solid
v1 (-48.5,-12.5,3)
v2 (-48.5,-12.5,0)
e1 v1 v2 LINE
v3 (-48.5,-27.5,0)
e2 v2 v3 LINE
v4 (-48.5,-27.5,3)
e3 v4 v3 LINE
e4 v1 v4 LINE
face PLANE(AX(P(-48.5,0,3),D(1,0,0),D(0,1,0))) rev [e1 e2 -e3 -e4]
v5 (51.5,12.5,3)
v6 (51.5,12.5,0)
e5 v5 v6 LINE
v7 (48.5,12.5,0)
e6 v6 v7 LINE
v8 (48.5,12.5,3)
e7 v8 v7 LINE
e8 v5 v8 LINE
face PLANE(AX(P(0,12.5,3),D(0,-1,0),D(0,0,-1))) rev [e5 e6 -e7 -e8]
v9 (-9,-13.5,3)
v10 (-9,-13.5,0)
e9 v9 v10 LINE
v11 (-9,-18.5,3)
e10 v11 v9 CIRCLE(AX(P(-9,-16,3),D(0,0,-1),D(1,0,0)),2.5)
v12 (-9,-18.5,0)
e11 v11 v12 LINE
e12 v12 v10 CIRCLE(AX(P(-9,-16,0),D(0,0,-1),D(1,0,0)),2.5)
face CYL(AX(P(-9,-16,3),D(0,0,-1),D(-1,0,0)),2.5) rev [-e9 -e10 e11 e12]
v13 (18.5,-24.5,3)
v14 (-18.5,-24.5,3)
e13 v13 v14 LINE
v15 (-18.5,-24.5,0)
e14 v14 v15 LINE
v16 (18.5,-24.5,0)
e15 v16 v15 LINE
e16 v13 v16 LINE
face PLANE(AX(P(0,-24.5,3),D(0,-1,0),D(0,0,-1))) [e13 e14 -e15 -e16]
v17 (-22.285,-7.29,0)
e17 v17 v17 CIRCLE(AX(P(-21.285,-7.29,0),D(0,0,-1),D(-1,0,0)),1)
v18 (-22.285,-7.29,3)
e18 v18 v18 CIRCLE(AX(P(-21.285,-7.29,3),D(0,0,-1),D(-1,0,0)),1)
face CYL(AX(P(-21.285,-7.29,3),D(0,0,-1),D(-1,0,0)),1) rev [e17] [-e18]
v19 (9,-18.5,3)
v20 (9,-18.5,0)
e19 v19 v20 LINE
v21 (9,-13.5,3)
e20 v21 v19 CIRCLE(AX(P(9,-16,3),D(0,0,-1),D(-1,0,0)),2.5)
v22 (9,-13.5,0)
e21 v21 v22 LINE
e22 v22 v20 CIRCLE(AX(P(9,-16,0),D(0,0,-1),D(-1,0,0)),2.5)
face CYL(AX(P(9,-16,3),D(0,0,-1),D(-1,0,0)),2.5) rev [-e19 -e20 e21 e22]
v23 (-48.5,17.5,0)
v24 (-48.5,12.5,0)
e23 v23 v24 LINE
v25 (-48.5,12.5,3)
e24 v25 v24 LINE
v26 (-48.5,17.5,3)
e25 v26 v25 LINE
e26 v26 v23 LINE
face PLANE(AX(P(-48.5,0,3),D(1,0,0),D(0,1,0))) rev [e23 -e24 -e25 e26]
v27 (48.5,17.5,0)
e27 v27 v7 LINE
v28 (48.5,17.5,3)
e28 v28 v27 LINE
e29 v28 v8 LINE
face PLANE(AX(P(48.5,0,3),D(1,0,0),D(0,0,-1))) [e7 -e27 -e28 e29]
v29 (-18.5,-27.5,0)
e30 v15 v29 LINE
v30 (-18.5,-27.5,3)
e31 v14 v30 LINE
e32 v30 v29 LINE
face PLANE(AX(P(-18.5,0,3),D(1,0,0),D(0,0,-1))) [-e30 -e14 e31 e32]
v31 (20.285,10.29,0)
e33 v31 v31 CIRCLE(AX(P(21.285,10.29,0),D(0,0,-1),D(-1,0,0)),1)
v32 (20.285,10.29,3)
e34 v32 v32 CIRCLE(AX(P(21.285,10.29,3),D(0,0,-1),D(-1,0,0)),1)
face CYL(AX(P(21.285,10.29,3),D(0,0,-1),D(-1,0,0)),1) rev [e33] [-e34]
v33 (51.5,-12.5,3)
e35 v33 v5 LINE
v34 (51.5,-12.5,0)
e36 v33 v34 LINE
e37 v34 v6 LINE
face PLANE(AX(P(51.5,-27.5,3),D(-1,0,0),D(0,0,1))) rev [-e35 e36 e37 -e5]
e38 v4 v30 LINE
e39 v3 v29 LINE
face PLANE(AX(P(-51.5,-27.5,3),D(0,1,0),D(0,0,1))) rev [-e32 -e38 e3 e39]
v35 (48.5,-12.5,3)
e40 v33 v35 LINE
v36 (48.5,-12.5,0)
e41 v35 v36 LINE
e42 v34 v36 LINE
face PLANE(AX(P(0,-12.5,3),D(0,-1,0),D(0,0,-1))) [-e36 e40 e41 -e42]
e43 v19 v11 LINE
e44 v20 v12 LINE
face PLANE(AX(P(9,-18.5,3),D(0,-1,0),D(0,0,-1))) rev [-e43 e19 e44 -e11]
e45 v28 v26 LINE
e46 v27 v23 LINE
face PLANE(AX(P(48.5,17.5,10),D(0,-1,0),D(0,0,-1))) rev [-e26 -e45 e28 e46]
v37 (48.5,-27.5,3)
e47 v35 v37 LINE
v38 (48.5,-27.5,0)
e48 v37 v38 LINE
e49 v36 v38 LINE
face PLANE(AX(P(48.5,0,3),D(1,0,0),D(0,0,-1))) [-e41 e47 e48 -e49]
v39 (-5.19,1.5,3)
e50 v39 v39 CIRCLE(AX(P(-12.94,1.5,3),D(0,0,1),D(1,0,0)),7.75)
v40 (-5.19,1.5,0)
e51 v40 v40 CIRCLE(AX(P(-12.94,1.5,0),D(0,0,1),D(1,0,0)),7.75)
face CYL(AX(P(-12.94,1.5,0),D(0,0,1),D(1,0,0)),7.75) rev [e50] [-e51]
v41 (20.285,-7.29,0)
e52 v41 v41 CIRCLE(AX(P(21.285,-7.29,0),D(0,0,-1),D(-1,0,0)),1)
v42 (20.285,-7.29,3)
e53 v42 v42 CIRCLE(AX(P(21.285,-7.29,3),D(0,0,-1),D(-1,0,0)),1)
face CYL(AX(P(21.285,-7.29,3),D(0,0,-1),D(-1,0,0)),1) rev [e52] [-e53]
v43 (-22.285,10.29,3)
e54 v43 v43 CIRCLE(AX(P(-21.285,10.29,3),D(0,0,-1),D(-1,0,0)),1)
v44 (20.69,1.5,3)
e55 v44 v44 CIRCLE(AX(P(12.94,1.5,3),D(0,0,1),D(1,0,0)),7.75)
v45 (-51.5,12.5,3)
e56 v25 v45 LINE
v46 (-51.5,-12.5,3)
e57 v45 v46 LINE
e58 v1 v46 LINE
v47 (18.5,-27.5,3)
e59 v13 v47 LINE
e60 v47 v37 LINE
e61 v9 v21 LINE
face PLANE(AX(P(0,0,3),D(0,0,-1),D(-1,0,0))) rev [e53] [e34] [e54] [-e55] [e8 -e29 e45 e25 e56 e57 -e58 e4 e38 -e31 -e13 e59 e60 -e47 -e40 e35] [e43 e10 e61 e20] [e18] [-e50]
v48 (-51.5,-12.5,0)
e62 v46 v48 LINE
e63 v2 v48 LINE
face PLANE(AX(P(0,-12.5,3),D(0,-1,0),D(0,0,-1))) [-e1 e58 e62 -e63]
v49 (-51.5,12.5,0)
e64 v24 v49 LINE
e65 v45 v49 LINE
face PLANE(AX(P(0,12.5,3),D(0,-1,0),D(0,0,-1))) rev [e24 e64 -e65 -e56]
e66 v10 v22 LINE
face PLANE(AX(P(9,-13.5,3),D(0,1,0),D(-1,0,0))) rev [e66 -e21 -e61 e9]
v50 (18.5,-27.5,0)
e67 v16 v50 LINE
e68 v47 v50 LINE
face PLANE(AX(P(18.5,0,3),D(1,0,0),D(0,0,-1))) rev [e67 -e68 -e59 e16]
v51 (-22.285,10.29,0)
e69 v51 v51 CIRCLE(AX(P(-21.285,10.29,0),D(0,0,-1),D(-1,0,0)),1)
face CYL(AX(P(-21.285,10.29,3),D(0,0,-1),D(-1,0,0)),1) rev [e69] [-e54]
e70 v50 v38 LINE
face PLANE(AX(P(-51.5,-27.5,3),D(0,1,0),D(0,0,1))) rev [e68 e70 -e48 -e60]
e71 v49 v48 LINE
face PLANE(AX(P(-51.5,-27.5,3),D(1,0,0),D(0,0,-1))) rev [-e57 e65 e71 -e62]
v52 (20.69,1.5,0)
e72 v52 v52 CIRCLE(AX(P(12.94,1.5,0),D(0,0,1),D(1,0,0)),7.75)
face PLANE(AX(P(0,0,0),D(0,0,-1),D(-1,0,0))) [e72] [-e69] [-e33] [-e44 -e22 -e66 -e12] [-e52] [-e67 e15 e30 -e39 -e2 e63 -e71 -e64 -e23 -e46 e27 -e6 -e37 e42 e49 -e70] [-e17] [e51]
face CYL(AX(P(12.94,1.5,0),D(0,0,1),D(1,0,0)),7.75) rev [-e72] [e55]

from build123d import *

# Parameters (mm, degrees)
ESBO_O1_W                = 103
ESBO_O1_H                = 55
RESSALTO_EXTRUS_O1_DEPTH = 3
ESBO_O2_W                = 3
ESBO_O2_H                = 15
CORTE_EXTRUS_O1_DEPTH    = 59.459387612
ESBO_O3_W                = 37
ESBO_O3_H                = 3
CORTE_EXTRUS_O2_DEPTH    = 59.459387612
ESBO_O4_W                = 97
ESBO_O4_H                = 10
CORTE_EXTRUS_O3_DEPTH    = 10
ESBO_O5_R                = 7.75
CORTE_EXTRUS_O4_DEPTH    = 59.459387612
CORTE_EXTRUS_O5_DEPTH    = 59.459387612
ESBO_O10_R               = 1
CORTE_EXTRUS_O6_DEPTH    = 59.459387612


with BuildPart() as part:
    # Esboço1 → Ressalto-extrusão1 (new body)
    with BuildSketch(Plane.XY):
        Rectangle(ESBO_O1_W, ESBO_O1_H)
    extrude(amount=RESSALTO_EXTRUS_O1_DEPTH)

    # Esboço2 → Corte-extrusão1 (cut, through all)
    with BuildSketch(Plane(origin=(0, 0, 0), x_dir=(-1, 0, 0), z_dir=(0, 0, -1))):
        with Locations((-50, 20)):
            Rectangle(ESBO_O2_W, ESBO_O2_H)
        with Locations((-50, -20)):
            Rectangle(ESBO_O2_W, ESBO_O2_H)
        with Locations((50, 20)):
            Rectangle(ESBO_O2_W, ESBO_O2_H)
        with Locations((50, -20)):
            Rectangle(ESBO_O2_W, ESBO_O2_H)
    extrude(amount=-CORTE_EXTRUS_O1_DEPTH, mode=Mode.SUBTRACT)

    # Esboço3 → Corte-extrusão2 (cut, through all)
    with BuildSketch(Plane(origin=(0, 0, 0), x_dir=(-1, 0, 0), z_dir=(0, 0, -1))):
        with Locations((0, -26)):
            Rectangle(ESBO_O3_W, ESBO_O3_H)
    extrude(amount=-CORTE_EXTRUS_O2_DEPTH, mode=Mode.SUBTRACT)

    # Esboço4 → Corte-extrusão3 (cut)
    with BuildSketch(Plane(origin=(0, 0, 0), x_dir=(-1, 0, 0), z_dir=(0, 0, -1))):
        with Locations((0, 22.5)):
            Rectangle(ESBO_O4_W, ESBO_O4_H)
    extrude(amount=-CORTE_EXTRUS_O3_DEPTH, mode=Mode.SUBTRACT)

    # Esboço5 → Corte-extrusão4 (cut, through all)
    with BuildSketch(Plane.XY.offset(3)):
        with Locations((-12.94, 1.5)):
            Circle(ESBO_O5_R)
        with Locations((12.94, 1.5)):
            Circle(ESBO_O5_R)
    extrude(amount=-CORTE_EXTRUS_O4_DEPTH, mode=Mode.SUBTRACT)

    # Esboço6 → Corte-extrusão5 (cut, through all)
    with BuildSketch(Plane(origin=(0, 0, 0), x_dir=(-1, 0, 0), z_dir=(0, 0, -1))):
        with BuildLine():
            Line((-9, -18.5), (9, -18.5))
            ThreePointArc((9, -18.5), (11.5, -16), (9, -13.5))
            Line((9, -13.5), (-9, -13.5))
            ThreePointArc((-9, -13.5), (-11.5, -16), (-9, -18.5))
        make_face()
    extrude(amount=-CORTE_EXTRUS_O5_DEPTH, mode=Mode.SUBTRACT)

    # Esboço10 → Corte-extrusão6 (cut, through all)
    with BuildSketch(Plane(origin=(0, 0, 0), x_dir=(-1, 0, 0), z_dir=(0, 0, -1))):
        with Locations((-21.285, 10.29)):
            Circle(ESBO_O10_R)
        with Locations((-21.285, -7.29)):
            Circle(ESBO_O10_R)
        with Locations((21.285, -7.29)):
            Circle(ESBO_O10_R)
        with Locations((21.285, 10.29)):
            Circle(ESBO_O10_R)
    extrude(amount=-CORTE_EXTRUS_O6_DEPTH, mode=Mode.SUBTRACT)


solid = part.part
